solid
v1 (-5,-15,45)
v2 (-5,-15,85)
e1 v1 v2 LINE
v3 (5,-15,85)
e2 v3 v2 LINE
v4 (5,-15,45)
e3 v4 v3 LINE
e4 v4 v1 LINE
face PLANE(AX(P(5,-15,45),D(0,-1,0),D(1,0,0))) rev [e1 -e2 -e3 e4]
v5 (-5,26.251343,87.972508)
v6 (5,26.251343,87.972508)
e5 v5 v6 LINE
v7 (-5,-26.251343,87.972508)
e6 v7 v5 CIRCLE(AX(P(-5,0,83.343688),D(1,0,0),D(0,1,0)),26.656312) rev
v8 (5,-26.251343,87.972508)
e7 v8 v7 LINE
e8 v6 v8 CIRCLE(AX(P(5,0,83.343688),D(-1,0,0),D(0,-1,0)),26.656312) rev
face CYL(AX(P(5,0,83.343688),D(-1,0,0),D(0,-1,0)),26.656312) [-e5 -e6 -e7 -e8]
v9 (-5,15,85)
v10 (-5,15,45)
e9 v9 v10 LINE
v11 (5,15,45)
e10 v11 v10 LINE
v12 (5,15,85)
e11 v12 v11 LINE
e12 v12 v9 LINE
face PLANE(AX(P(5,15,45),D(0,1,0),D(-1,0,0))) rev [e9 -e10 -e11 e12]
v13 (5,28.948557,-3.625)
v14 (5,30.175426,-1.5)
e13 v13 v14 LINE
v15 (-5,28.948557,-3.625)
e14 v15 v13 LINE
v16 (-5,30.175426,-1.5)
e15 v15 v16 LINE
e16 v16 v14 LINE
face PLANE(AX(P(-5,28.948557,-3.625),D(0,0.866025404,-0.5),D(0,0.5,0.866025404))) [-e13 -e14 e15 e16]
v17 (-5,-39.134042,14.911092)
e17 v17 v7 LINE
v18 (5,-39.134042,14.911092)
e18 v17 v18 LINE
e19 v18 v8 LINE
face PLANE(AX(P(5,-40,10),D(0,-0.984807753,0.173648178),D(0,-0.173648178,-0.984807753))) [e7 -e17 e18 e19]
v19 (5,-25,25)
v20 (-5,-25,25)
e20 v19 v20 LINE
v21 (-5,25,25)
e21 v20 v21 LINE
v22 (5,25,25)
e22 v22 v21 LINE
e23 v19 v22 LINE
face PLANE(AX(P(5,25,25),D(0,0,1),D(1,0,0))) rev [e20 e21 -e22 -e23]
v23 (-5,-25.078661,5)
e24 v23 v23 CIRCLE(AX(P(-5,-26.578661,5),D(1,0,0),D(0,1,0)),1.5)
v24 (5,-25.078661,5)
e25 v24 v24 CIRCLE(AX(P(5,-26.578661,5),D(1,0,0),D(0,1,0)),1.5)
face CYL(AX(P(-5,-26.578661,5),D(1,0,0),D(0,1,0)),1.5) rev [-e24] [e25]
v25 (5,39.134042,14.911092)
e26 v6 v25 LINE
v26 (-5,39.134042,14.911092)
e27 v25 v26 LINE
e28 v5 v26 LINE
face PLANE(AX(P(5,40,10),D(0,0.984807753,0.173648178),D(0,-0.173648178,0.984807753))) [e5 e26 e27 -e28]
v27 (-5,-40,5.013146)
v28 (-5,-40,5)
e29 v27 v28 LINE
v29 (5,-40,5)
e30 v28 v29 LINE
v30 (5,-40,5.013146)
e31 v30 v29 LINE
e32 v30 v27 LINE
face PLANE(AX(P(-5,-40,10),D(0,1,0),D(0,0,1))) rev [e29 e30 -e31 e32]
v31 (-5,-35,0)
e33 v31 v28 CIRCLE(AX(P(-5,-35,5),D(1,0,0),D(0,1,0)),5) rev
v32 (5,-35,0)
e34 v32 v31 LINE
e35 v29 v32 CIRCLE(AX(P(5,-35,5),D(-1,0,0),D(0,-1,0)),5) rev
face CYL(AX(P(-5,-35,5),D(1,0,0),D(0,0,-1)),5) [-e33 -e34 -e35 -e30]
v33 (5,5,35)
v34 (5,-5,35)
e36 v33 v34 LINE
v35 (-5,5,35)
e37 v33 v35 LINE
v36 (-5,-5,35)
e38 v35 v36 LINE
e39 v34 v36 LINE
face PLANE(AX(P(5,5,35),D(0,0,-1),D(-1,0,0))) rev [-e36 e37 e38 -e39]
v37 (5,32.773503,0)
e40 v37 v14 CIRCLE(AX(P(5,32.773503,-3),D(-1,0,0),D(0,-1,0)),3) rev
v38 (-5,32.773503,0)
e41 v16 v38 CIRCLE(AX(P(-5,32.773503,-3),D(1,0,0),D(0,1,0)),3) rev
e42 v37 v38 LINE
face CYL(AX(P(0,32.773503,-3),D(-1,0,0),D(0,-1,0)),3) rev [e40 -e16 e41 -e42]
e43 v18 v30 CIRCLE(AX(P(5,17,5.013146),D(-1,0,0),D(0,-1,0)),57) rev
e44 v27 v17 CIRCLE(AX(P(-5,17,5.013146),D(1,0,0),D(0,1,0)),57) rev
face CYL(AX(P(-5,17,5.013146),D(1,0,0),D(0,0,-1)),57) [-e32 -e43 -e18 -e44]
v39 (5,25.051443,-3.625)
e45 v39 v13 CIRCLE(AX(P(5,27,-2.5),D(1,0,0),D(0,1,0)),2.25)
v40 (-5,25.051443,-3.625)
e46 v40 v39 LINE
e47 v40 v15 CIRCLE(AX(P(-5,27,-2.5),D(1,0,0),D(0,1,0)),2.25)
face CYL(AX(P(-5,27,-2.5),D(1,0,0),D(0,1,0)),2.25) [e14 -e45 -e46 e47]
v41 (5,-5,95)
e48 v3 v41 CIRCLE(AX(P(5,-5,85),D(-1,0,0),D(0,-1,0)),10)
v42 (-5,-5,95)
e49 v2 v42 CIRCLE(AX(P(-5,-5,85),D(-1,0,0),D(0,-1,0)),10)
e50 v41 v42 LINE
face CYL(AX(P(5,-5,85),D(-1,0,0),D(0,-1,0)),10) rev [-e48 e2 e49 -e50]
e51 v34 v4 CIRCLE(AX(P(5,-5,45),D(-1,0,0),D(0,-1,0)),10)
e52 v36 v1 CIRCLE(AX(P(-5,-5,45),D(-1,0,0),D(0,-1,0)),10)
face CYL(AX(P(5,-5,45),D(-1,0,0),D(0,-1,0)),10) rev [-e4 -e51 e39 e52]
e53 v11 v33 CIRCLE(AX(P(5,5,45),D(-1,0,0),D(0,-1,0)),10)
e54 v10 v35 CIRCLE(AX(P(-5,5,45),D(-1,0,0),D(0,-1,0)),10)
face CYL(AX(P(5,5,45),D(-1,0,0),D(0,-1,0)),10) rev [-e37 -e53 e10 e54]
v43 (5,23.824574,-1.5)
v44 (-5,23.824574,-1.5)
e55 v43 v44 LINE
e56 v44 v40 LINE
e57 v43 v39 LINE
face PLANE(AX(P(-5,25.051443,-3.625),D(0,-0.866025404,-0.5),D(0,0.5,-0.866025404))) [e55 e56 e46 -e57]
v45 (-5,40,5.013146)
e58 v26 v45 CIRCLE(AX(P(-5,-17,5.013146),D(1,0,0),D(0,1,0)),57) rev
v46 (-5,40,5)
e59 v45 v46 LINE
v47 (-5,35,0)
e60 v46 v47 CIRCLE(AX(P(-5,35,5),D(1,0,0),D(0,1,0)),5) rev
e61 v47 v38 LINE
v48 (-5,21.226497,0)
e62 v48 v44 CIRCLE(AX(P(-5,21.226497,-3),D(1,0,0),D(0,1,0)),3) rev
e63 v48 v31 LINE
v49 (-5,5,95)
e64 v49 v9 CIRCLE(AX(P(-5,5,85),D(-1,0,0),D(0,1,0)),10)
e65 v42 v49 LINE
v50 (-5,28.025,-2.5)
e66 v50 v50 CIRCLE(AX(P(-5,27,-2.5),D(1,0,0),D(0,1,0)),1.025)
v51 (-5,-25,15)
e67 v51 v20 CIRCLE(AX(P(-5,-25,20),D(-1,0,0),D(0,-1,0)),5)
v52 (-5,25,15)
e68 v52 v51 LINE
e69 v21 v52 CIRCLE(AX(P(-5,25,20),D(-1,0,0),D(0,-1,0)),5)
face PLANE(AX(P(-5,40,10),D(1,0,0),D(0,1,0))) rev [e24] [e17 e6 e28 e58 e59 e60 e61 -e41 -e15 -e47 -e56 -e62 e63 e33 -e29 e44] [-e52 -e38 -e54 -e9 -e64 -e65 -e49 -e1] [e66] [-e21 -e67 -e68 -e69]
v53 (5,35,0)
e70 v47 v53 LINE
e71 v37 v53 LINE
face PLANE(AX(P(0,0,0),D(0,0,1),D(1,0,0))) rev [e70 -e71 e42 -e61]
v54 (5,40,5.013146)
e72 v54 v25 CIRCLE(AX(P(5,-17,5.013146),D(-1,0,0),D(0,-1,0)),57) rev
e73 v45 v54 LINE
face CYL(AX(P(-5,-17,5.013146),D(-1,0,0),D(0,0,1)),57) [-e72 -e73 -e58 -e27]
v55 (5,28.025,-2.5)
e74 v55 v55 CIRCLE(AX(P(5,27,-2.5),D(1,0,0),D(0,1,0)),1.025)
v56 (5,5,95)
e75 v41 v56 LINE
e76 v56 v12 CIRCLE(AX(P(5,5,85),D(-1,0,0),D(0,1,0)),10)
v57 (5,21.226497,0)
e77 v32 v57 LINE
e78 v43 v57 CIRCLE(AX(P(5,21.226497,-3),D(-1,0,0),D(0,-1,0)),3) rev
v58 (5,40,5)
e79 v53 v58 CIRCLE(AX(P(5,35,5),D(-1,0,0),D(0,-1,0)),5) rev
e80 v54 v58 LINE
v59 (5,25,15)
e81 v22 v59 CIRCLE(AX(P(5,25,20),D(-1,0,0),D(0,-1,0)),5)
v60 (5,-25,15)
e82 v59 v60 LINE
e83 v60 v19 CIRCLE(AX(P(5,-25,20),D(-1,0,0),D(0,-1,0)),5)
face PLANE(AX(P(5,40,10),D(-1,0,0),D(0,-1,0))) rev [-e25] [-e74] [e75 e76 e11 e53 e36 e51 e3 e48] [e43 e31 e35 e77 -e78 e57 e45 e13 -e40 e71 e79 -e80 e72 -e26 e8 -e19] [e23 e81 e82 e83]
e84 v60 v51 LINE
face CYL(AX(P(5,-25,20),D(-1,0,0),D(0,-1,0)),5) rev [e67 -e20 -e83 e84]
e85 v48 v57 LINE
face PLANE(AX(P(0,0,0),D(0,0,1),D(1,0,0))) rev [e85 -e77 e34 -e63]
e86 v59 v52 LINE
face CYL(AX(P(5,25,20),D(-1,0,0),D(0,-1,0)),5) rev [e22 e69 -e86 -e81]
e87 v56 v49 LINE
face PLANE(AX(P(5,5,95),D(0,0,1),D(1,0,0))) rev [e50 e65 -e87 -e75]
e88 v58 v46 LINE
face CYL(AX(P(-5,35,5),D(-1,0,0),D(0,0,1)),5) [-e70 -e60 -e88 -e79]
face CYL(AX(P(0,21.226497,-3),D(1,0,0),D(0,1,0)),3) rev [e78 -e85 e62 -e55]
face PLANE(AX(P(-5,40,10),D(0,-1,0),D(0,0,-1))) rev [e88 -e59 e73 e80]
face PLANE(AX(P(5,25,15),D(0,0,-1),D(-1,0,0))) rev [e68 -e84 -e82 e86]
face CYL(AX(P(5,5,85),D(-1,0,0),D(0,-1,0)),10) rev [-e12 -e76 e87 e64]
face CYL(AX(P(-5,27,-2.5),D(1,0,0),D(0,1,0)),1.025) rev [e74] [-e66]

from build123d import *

# Parameters (mm, degrees)
ESQUISSE1_W             = 10
ESQUISSE1_H             = 80
BOSS_EXTRU_1_DEPTH      = 10
BOSS_EXTRU_2_DEPTH      = 10
CONG_1_R                = 26.656312
ESQUISSE4_R             = 1.5
ENL_V_MAT_EXTRU_2_DEPTH = 118.473401245
ESQUISSE7_R             = 1.025
BOSS_EXTRU_3_DEPTH      = 10
CONG_2_R                = 3
CONG_3_R                = 3
CONG_4_R                = 5
CONG_5_R                = 57
CONG_6_R                = 57


with BuildPart() as part:
    # Esquisse1 → Boss.-Extru.1 (new body)
    with BuildSketch(Plane.XY):
        Rectangle(ESQUISSE1_W, ESQUISSE1_H)
    extrude(amount=BOSS_EXTRU_1_DEPTH)

    # Esquisse2 → Boss.-Extru.2 (add, through all)
    with BuildSketch(Plane.ZY.offset(5)):
        Polygon((10, 40), (110, 22.367301929), (110, -22.367301929), (10, -40), align=None)
        with BuildLine():
            Line((25, 25), (25, -25))
            ThreePointArc((25, -25), (20, -30), (15, -25))
            Line((15, -25), (15, 25))
            ThreePointArc((15, 25), (20, 30), (25, 25))
        make_face(mode=Mode.SUBTRACT)
        with BuildLine():
            Line((45, 15), (85, 15))
            ThreePointArc((85, 15), (92.071067812, 12.071067812), (95, 5))
            Line((95, 5), (95, -5))
            ThreePointArc((95, -5), (92.071067812, -12.071067812), (85, -15))
            Line((85, -15), (45, -15))
            ThreePointArc((45, -15), (37.928932188, -12.071067812), (35, -5))
            Line((35, -5), (35, 5))
            ThreePointArc((35, 5), (37.928932188, 12.071067812), (45, 15))
        make_face(mode=Mode.SUBTRACT)
    extrude(amount=-BOSS_EXTRU_2_DEPTH)

    # Congé1
    cong_1_edges = [part.edges().sort_by_distance(p)[0] for p in [
        (0, 22.367301929, 110),
        (0, -22.367301929, 110),
    ]]
    fillet(cong_1_edges, radius=CONG_1_R)

    # Esquisse4 → Enlèv. mat.-Extru.2 (cut, through all)
    with BuildSketch(Plane(origin=(5, 0, 0), x_dir=(0, 0, -1), z_dir=(1, 0, 0))):
        with Locations(Location((-5, -26.578661355, 0), (0, 0, 90))):
            Circle(ESQUISSE4_R)
    extrude(amount=-ENL_V_MAT_EXTRU_2_DEPTH, mode=Mode.SUBTRACT)

    # Esquisse7 → Boss.-Extru.3 (add, through all)
    with BuildSketch(Plane(origin=(5, 0, 0), x_dir=(0, 0, -1), z_dir=(1, 0, 0))):
        with BuildLine():
            Line((3.625, 28.948557159), (0, 31.041451884))
            Line((0, 31.041451884), (0, 22.958548116))
            Line((0, 22.958548116), (3.625, 25.051442841))
            ThreePointArc((3.625, 25.051442841), (4.75, 27), (3.625, 28.948557159))
        make_face()
        with Locations(Location((2.5, 27, 0), (0, 0, 90))):
            Circle(ESQUISSE7_R, mode=Mode.SUBTRACT)
    extrude(amount=-BOSS_EXTRU_3_DEPTH)

    # Congé2
    cong_2_edges = [part.edges().sort_by_distance(p)[0] for p in [
        (0, 22.958548116, 0),
    ]]
    fillet(cong_2_edges, radius=CONG_2_R)

    # Congé3
    cong_3_edges = [part.edges().sort_by_distance(p)[0] for p in [
        (0, 31.041451884, 0),
    ]]
    fillet(cong_3_edges, radius=CONG_3_R)

    # Congé4
    cong_4_edges = [part.edges().sort_by_distance(p)[0] for p in [
        (0, -40, 0),
        (0, 40, 0),
    ]]
    fillet(cong_4_edges, radius=CONG_4_R)

    # Congé5
    cong_5_edges = [part.edges().sort_by_distance(p)[0] for p in [
        (0, 40, 10),
    ]]
    fillet(cong_5_edges, radius=CONG_5_R)

    # Congé6
    cong_6_edges = [part.edges().sort_by_distance(p)[0] for p in [
        (0, -40, 10),
    ]]
    fillet(cong_6_edges, radius=CONG_6_R)


solid = part.part
